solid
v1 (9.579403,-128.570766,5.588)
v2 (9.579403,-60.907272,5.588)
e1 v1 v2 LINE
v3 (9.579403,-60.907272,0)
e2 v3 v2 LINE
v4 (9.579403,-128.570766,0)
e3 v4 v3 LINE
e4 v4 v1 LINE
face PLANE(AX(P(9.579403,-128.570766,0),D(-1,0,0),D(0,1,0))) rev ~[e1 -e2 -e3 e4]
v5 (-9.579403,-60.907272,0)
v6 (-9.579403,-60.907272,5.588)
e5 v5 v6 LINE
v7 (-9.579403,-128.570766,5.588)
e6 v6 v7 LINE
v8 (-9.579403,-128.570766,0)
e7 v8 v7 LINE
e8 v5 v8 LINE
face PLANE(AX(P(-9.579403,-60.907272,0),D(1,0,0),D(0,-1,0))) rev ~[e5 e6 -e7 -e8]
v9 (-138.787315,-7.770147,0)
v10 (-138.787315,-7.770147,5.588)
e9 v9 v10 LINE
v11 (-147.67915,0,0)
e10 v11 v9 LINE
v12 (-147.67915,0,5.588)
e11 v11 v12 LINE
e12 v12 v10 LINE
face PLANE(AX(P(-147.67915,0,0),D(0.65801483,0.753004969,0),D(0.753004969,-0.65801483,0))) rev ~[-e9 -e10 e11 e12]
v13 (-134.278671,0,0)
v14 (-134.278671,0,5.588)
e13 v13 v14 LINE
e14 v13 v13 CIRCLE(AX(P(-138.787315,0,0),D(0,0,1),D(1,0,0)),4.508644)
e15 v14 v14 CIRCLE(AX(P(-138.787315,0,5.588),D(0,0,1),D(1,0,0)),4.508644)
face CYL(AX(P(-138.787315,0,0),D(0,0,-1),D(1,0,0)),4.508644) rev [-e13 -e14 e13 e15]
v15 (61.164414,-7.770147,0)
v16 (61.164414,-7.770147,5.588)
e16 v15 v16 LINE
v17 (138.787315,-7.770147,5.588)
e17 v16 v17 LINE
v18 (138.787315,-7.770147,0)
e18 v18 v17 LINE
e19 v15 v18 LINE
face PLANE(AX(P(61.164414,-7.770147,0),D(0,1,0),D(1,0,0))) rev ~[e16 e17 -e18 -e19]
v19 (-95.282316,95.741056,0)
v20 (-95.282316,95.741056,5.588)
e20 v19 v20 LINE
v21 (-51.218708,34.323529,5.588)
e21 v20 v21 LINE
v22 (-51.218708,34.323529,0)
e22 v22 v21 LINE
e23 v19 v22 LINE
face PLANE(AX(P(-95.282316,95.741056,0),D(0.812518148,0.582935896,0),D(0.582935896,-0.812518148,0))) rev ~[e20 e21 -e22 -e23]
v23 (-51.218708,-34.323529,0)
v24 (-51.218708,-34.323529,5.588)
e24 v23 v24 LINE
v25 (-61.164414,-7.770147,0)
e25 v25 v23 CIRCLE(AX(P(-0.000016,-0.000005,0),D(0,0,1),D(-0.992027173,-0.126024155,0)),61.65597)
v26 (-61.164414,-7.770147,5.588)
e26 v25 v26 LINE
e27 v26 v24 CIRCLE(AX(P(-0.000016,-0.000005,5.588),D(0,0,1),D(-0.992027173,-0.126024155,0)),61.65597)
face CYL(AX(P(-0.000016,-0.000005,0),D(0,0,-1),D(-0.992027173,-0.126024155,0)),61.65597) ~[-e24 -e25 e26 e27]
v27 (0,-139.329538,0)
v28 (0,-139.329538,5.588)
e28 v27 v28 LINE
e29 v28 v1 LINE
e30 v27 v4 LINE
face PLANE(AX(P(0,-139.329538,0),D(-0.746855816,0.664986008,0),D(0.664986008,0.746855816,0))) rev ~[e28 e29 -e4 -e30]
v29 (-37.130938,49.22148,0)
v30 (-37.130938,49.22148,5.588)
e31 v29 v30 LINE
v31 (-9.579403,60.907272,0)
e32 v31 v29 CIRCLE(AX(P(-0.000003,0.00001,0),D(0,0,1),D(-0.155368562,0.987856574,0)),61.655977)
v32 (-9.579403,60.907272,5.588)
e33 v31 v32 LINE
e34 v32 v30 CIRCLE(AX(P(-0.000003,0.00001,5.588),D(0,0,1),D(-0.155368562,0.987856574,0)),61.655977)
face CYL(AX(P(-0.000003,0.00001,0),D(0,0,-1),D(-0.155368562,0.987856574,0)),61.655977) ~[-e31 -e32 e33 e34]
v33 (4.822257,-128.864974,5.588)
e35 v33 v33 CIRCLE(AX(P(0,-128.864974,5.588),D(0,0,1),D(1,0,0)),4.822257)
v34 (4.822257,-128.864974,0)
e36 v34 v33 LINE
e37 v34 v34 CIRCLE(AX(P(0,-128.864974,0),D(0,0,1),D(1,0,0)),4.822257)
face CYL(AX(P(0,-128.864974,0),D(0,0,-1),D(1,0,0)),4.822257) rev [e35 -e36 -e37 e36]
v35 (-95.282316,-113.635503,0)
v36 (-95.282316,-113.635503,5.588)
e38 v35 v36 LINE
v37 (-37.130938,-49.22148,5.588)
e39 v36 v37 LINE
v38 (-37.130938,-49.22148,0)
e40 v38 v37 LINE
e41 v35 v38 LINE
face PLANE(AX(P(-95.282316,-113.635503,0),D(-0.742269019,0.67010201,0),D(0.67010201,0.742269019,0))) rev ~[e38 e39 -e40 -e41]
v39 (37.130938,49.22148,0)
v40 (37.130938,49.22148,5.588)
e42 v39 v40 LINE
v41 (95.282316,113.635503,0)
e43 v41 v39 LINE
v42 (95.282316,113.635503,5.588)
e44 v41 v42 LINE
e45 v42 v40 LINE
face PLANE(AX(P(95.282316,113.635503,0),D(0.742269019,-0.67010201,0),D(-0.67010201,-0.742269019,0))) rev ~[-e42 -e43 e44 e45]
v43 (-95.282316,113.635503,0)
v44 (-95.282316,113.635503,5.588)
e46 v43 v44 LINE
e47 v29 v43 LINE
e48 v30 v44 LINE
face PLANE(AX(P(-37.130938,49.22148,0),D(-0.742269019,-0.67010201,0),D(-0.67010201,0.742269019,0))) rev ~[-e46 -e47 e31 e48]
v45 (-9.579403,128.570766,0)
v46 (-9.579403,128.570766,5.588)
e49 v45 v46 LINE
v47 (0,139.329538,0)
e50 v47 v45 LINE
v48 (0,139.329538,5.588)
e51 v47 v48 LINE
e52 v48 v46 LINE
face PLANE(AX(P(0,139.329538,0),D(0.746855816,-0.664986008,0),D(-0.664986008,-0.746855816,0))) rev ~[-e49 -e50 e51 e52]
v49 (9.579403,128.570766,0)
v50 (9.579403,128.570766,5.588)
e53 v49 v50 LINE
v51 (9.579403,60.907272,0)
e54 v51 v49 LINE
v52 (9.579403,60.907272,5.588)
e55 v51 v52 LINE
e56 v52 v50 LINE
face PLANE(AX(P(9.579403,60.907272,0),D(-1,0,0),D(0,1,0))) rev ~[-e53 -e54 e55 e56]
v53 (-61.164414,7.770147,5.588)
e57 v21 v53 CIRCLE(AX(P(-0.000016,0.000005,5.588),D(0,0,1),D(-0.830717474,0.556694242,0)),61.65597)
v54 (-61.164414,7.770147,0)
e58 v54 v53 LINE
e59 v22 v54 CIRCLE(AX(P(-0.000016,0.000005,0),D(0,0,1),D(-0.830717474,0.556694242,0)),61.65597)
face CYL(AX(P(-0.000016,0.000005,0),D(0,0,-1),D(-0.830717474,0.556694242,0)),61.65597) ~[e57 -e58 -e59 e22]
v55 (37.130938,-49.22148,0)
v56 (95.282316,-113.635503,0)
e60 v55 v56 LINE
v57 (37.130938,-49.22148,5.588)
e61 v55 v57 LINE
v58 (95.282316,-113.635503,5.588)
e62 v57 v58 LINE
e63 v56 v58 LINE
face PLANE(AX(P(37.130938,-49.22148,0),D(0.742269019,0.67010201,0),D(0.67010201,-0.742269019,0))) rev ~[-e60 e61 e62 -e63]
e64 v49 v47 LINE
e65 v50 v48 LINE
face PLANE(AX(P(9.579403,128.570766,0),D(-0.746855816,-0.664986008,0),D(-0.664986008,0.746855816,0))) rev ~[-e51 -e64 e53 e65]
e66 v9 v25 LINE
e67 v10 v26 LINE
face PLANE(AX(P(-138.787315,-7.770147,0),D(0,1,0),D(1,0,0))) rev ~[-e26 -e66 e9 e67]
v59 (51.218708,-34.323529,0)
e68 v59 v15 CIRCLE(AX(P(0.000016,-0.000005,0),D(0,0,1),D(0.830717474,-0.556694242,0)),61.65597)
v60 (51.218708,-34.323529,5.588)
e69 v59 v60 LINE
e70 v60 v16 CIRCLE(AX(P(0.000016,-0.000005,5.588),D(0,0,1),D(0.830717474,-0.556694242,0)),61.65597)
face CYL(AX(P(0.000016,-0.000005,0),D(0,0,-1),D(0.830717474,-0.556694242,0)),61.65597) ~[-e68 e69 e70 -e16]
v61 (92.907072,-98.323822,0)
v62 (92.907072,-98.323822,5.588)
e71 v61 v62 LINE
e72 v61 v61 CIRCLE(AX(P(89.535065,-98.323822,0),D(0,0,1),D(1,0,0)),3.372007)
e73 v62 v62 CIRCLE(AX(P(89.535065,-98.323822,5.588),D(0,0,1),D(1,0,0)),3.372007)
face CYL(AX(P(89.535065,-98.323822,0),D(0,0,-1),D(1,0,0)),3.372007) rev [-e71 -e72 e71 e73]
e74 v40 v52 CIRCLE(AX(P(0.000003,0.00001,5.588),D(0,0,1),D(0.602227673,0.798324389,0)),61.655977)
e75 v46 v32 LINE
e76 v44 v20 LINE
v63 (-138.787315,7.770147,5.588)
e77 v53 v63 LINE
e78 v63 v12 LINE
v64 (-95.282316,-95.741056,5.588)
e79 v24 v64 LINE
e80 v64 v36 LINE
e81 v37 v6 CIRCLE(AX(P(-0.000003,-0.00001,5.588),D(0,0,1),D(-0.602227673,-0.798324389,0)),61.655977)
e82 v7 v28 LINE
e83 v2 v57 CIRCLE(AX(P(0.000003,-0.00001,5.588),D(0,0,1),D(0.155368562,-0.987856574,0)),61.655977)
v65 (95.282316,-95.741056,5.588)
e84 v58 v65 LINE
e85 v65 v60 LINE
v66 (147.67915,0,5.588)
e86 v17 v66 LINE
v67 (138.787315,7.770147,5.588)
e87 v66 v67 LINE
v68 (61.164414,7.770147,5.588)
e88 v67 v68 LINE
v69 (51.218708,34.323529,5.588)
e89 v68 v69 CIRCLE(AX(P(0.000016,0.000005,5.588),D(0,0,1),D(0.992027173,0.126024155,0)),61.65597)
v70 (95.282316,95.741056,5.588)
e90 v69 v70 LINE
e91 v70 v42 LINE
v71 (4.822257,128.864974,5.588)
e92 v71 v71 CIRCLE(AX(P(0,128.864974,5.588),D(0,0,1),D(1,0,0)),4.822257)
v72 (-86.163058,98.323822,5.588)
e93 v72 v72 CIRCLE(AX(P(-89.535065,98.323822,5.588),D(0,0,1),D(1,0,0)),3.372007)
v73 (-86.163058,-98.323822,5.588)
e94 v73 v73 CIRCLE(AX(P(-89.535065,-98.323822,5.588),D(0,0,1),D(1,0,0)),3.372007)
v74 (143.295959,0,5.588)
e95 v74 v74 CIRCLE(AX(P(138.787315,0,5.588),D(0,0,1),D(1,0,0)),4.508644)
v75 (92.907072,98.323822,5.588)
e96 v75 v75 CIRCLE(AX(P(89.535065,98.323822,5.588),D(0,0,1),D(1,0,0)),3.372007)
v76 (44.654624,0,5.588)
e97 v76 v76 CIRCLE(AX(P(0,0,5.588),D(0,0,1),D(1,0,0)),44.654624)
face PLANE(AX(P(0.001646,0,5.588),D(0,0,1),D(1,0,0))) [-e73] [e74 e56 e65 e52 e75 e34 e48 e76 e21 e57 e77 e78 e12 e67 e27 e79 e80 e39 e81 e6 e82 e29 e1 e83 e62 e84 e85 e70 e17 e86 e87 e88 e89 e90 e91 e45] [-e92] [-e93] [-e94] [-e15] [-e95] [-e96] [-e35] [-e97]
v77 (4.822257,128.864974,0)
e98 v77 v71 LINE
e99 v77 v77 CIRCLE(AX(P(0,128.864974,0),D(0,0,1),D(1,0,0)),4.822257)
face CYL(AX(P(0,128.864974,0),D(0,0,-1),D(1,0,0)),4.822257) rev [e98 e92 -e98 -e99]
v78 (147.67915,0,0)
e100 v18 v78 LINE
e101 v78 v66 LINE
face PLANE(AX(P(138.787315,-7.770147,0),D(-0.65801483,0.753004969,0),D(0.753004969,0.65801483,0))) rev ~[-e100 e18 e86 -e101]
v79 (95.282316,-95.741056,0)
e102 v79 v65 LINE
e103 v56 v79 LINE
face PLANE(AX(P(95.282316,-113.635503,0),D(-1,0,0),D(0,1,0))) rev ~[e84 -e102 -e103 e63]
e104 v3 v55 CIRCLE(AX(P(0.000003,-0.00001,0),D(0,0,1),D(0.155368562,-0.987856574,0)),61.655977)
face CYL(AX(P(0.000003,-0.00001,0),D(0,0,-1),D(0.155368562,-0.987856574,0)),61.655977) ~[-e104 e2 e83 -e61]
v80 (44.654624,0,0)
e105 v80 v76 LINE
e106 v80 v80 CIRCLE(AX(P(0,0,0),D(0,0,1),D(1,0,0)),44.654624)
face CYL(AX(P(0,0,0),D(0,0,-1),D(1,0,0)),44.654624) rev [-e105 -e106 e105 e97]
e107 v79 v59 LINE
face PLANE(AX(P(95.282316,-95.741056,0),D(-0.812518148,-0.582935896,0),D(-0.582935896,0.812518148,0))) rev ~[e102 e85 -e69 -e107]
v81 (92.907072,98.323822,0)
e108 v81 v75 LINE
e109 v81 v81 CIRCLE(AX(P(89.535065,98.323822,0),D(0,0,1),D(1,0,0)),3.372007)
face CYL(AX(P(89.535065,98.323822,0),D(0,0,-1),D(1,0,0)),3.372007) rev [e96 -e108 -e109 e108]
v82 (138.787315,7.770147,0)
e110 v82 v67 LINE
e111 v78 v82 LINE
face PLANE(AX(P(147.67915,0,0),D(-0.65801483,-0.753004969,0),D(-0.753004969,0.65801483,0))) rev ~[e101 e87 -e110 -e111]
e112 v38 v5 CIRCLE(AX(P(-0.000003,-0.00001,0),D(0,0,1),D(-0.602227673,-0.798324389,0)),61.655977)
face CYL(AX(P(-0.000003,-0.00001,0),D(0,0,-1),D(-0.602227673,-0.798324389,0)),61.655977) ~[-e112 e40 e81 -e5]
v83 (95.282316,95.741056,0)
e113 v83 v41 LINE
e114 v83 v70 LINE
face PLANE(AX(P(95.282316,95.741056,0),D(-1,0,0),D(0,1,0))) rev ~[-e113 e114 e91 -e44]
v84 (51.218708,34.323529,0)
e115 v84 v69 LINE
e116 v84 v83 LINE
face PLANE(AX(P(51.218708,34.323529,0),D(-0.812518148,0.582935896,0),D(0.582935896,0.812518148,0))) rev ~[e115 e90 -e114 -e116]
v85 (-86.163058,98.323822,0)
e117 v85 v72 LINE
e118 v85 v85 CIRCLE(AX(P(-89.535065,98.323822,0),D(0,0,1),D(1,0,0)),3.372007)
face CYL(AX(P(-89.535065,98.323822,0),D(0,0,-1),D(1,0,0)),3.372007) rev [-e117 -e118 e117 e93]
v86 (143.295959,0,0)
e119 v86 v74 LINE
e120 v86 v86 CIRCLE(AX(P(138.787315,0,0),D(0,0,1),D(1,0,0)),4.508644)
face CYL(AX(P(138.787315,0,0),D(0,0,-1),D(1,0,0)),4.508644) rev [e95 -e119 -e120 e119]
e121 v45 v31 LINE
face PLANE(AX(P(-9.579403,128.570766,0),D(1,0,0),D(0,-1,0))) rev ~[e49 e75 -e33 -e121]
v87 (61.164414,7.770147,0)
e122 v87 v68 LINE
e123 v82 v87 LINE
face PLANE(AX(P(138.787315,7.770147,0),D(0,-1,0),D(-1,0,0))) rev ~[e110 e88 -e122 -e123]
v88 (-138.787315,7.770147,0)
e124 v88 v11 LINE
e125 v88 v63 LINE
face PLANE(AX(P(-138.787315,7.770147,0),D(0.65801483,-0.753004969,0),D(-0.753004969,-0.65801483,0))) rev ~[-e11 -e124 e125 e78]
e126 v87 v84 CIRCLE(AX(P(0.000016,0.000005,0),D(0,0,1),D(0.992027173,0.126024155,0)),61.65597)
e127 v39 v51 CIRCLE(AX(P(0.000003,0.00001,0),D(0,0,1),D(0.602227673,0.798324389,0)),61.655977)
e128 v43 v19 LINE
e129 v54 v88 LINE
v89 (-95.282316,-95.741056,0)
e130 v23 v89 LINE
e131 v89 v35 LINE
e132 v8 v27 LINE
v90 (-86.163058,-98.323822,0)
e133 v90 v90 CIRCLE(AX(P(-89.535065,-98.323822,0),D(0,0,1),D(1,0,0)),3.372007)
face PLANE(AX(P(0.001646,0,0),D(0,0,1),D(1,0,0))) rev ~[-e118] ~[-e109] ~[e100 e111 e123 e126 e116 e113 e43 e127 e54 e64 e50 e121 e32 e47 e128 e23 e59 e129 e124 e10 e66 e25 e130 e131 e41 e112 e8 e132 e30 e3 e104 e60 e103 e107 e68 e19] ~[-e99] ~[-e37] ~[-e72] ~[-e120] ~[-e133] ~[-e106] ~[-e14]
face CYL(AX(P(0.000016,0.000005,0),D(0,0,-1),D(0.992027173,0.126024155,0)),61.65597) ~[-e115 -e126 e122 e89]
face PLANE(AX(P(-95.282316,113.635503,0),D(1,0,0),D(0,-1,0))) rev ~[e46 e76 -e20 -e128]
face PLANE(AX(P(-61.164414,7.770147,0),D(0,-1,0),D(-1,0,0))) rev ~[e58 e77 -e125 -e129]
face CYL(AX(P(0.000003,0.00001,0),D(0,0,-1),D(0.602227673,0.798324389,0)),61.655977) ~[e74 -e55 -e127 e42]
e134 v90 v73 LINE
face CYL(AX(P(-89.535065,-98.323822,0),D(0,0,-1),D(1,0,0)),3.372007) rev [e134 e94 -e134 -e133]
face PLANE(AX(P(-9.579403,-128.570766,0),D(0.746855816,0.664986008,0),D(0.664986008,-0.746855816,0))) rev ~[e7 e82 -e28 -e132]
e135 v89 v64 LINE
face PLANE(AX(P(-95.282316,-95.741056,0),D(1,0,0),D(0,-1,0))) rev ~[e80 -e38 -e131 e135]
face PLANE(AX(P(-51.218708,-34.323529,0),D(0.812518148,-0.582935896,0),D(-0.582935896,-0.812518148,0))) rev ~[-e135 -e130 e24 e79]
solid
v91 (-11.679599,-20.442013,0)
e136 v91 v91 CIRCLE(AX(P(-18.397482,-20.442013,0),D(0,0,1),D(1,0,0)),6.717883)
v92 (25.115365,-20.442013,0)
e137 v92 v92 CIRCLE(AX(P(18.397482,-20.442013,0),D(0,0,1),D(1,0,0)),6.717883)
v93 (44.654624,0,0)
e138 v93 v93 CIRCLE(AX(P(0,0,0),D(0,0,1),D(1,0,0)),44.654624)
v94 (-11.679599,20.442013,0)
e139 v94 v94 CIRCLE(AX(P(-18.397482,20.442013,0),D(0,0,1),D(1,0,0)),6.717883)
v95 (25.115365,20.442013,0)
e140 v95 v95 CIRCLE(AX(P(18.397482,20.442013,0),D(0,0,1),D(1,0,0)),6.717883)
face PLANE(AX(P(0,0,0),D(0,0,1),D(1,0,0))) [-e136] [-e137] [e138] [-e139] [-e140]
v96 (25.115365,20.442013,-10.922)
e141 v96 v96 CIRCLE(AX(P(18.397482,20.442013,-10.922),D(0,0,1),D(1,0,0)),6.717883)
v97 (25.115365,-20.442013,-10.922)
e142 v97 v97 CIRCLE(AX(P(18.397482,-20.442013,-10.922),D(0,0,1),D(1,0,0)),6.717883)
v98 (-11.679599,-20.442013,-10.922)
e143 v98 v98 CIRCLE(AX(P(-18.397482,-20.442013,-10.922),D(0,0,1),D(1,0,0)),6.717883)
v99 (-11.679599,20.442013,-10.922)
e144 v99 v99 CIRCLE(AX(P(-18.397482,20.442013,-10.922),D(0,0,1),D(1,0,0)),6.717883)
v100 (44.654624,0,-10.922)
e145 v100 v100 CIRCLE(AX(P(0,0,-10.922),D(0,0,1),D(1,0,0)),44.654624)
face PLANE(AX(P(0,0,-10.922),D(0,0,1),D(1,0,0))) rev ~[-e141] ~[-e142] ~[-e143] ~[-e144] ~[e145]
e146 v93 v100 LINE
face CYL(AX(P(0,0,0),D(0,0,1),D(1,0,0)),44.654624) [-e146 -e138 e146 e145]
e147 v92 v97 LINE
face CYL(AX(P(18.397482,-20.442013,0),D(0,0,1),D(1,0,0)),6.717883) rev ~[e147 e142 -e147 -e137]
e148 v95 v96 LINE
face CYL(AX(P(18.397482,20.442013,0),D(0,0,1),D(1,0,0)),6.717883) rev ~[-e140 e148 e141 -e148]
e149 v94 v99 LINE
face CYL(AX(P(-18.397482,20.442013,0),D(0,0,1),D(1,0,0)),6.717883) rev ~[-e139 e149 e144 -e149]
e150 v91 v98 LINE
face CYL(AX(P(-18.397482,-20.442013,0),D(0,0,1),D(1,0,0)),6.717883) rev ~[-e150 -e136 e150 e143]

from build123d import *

# Parameters (mm, degrees)
F0_R     = 44.654624
F0_R_2   = 6.717883
F1_DEPTH = 10.922
F0_R_3   = 4.822257
F0_R_4   = 3.372007
F0_R_5   = 4.508644
F2_DEPTH = 5.588


with BuildPart() as f1:
    # F0 (on Top) → F1 (new body)
    with BuildSketch(Plane.XY):
        Circle(F0_R)
        with Locations((-18.397482, -20.442013)):
            Circle(F0_R_2, mode=Mode.SUBTRACT)
        with Locations((18.397482, -20.442013)):
            Circle(F0_R_2, mode=Mode.SUBTRACT)
        with Locations((-18.397482, 20.442013)):
            Circle(F0_R_2, mode=Mode.SUBTRACT)
        with Locations((18.397482, 20.442013)):
            Circle(F0_R_2, mode=Mode.SUBTRACT)
    extrude(amount=-F1_DEPTH)


with BuildPart() as f2:
    # F0 (on Top) → F2 (new body)
    with BuildSketch(Plane.XY):
        with BuildLine():
            ThreePointArc((61.164414, -7.770147), (61.532971, -3.89284), (61.655987, 0))
            ThreePointArc((61.655987, 0), (61.532971, 3.89284), (61.164414, 7.770147))
            ThreePointArc((61.164414, 7.770147), (57.73874, 21.626342), (51.218708, 34.323529))
            ThreePointArc((51.218708, 34.323529), (44.798463, 42.362229), (37.130938, 49.22148))
            ThreePointArc((37.130938, 49.22148), (24.074954, 56.761407), (9.579403, 60.907272))
            ThreePointArc((9.579403, 60.907272), (0, 61.655987), (-9.579403, 60.907272))
            ThreePointArc((-9.579403, 60.907272), (-24.074954, 56.761407), (-37.130938, 49.22148))
            ThreePointArc((-37.130938, 49.22148), (-44.798463, 42.362229), (-51.218708, 34.323529))
            ThreePointArc((-51.218708, 34.323529), (-57.73874, 21.626342), (-61.164414, 7.770147))
            ThreePointArc((-61.164414, 7.770147), (-61.655987, 0), (-61.164414, -7.770147))
            ThreePointArc((-61.164414, -7.770147), (-57.73874, -21.626342), (-51.218708, -34.323529))
            ThreePointArc((-51.218708, -34.323529), (-44.798463, -42.362229), (-37.130938, -49.22148))
            ThreePointArc((-37.130938, -49.22148), (-24.074954, -56.761407), (-9.579403, -60.907272))
            ThreePointArc((-9.579403, -60.907272), (0, -61.655987), (9.579403, -60.907272))
            ThreePointArc((9.579403, -60.907272), (24.074954, -56.761407), (37.130938, -49.22148))
            ThreePointArc((37.130938, -49.22148), (44.798463, -42.362229), (51.218708, -34.323529))
            ThreePointArc((51.218708, -34.323529), (57.73874, -21.626342), (61.164414, -7.770147))
        make_face()
        Circle(F0_R, mode=Mode.SUBTRACT)
        with BuildLine():
            ThreePointArc((-9.579403, 60.907272), (0, 61.655987), (9.579403, 60.907272))
            Line((9.579403, 60.907272), (9.579403, 128.570766))
            Line((9.579403, 128.570766), (0, 139.329538))
            Line((0, 139.329538), (-9.579403, 128.570766))
            Line((-9.579403, 128.570766), (-9.579403, 60.907272))
        make_face()
        with Locations((0, 128.864974)):
            Circle(F0_R_3, mode=Mode.SUBTRACT)
        with BuildLine():
            ThreePointArc((37.130938, 49.22148), (44.798463, 42.362229), (51.218708, 34.323529))
            Line((51.218708, 34.323529), (95.282316, 95.741056))
            Line((95.282316, 95.741056), (95.282316, 113.635503))
            Line((95.282316, 113.635503), (37.130938, 49.22148))
        make_face()
        with Locations((89.535065, 98.323822)):
            Circle(F0_R_4, mode=Mode.SUBTRACT)
        with BuildLine():
            ThreePointArc((61.164414, 7.770147), (61.532971, 3.89284), (61.655987, 0))
            ThreePointArc((61.655987, 0), (61.532971, -3.89284), (61.164414, -7.770147))
            Line((61.164414, -7.770147), (138.787315, -7.770147))
            Line((138.787315, -7.770147), (147.67915, 0))
            Line((147.67915, 0), (138.787315, 7.770147))
            Line((138.787315, 7.770147), (61.164414, 7.770147))
        make_face()
        with Locations((138.787315, 0)):
            Circle(F0_R_5, mode=Mode.SUBTRACT)
        with BuildLine():
            Line((95.282316, -95.741056), (51.218708, -34.323529))
            ThreePointArc((51.218708, -34.323529), (44.798463, -42.362229), (37.130938, -49.22148))
            Line((37.130938, -49.22148), (95.282316, -113.635503))
            Line((95.282316, -113.635503), (95.282316, -95.741056))
        make_face()
        with Locations((89.535065, -98.323822)):
            Circle(F0_R_4, mode=Mode.SUBTRACT)
        with BuildLine():
            Line((9.579403, -128.570766), (9.579403, -60.907272))
            ThreePointArc((9.579403, -60.907272), (0, -61.655987), (-9.579403, -60.907272))
            Line((-9.579403, -60.907272), (-9.579403, -128.570766))
            Line((-9.579403, -128.570766), (0, -139.329538))
            Line((0, -139.329538), (9.579403, -128.570766))
        make_face()
        with Locations((0, -128.864974)):
            Circle(F0_R_3, mode=Mode.SUBTRACT)
        with BuildLine():
            Line((-95.282316, -113.635503), (-37.130938, -49.22148))
            ThreePointArc((-37.130938, -49.22148), (-44.798463, -42.362229), (-51.218708, -34.323529))
            Line((-51.218708, -34.323529), (-95.282316, -95.741056))
            Line((-95.282316, -95.741056), (-95.282316, -113.635503))
        make_face()
        with Locations((-89.535065, -98.323822)):
            Circle(F0_R_4, mode=Mode.SUBTRACT)
        with BuildLine():
            ThreePointArc((-61.164414, -7.770147), (-61.655987, 0), (-61.164414, 7.770147))
            Line((-61.164414, 7.770147), (-138.787315, 7.770147))
            Line((-138.787315, 7.770147), (-147.67915, 0))
            Line((-147.67915, 0), (-138.787315, -7.770147))
            Line((-138.787315, -7.770147), (-61.164414, -7.770147))
        make_face()
        with Locations((-138.787315, 0)):
            Circle(F0_R_5, mode=Mode.SUBTRACT)
        with BuildLine():
            ThreePointArc((-51.218708, 34.323529), (-44.798463, 42.362229), (-37.130938, 49.22148))
            Line((-37.130938, 49.22148), (-95.282316, 113.635503))
            Line((-95.282316, 113.635503), (-95.282316, 95.741056))
            Line((-95.282316, 95.741056), (-51.218708, 34.323529))
        make_face()
        with Locations((-89.535065, 98.323822)):
            Circle(F0_R_4, mode=Mode.SUBTRACT)
    extrude(amount=F2_DEPTH)


solid = Compound([f1.part, f2.part])
